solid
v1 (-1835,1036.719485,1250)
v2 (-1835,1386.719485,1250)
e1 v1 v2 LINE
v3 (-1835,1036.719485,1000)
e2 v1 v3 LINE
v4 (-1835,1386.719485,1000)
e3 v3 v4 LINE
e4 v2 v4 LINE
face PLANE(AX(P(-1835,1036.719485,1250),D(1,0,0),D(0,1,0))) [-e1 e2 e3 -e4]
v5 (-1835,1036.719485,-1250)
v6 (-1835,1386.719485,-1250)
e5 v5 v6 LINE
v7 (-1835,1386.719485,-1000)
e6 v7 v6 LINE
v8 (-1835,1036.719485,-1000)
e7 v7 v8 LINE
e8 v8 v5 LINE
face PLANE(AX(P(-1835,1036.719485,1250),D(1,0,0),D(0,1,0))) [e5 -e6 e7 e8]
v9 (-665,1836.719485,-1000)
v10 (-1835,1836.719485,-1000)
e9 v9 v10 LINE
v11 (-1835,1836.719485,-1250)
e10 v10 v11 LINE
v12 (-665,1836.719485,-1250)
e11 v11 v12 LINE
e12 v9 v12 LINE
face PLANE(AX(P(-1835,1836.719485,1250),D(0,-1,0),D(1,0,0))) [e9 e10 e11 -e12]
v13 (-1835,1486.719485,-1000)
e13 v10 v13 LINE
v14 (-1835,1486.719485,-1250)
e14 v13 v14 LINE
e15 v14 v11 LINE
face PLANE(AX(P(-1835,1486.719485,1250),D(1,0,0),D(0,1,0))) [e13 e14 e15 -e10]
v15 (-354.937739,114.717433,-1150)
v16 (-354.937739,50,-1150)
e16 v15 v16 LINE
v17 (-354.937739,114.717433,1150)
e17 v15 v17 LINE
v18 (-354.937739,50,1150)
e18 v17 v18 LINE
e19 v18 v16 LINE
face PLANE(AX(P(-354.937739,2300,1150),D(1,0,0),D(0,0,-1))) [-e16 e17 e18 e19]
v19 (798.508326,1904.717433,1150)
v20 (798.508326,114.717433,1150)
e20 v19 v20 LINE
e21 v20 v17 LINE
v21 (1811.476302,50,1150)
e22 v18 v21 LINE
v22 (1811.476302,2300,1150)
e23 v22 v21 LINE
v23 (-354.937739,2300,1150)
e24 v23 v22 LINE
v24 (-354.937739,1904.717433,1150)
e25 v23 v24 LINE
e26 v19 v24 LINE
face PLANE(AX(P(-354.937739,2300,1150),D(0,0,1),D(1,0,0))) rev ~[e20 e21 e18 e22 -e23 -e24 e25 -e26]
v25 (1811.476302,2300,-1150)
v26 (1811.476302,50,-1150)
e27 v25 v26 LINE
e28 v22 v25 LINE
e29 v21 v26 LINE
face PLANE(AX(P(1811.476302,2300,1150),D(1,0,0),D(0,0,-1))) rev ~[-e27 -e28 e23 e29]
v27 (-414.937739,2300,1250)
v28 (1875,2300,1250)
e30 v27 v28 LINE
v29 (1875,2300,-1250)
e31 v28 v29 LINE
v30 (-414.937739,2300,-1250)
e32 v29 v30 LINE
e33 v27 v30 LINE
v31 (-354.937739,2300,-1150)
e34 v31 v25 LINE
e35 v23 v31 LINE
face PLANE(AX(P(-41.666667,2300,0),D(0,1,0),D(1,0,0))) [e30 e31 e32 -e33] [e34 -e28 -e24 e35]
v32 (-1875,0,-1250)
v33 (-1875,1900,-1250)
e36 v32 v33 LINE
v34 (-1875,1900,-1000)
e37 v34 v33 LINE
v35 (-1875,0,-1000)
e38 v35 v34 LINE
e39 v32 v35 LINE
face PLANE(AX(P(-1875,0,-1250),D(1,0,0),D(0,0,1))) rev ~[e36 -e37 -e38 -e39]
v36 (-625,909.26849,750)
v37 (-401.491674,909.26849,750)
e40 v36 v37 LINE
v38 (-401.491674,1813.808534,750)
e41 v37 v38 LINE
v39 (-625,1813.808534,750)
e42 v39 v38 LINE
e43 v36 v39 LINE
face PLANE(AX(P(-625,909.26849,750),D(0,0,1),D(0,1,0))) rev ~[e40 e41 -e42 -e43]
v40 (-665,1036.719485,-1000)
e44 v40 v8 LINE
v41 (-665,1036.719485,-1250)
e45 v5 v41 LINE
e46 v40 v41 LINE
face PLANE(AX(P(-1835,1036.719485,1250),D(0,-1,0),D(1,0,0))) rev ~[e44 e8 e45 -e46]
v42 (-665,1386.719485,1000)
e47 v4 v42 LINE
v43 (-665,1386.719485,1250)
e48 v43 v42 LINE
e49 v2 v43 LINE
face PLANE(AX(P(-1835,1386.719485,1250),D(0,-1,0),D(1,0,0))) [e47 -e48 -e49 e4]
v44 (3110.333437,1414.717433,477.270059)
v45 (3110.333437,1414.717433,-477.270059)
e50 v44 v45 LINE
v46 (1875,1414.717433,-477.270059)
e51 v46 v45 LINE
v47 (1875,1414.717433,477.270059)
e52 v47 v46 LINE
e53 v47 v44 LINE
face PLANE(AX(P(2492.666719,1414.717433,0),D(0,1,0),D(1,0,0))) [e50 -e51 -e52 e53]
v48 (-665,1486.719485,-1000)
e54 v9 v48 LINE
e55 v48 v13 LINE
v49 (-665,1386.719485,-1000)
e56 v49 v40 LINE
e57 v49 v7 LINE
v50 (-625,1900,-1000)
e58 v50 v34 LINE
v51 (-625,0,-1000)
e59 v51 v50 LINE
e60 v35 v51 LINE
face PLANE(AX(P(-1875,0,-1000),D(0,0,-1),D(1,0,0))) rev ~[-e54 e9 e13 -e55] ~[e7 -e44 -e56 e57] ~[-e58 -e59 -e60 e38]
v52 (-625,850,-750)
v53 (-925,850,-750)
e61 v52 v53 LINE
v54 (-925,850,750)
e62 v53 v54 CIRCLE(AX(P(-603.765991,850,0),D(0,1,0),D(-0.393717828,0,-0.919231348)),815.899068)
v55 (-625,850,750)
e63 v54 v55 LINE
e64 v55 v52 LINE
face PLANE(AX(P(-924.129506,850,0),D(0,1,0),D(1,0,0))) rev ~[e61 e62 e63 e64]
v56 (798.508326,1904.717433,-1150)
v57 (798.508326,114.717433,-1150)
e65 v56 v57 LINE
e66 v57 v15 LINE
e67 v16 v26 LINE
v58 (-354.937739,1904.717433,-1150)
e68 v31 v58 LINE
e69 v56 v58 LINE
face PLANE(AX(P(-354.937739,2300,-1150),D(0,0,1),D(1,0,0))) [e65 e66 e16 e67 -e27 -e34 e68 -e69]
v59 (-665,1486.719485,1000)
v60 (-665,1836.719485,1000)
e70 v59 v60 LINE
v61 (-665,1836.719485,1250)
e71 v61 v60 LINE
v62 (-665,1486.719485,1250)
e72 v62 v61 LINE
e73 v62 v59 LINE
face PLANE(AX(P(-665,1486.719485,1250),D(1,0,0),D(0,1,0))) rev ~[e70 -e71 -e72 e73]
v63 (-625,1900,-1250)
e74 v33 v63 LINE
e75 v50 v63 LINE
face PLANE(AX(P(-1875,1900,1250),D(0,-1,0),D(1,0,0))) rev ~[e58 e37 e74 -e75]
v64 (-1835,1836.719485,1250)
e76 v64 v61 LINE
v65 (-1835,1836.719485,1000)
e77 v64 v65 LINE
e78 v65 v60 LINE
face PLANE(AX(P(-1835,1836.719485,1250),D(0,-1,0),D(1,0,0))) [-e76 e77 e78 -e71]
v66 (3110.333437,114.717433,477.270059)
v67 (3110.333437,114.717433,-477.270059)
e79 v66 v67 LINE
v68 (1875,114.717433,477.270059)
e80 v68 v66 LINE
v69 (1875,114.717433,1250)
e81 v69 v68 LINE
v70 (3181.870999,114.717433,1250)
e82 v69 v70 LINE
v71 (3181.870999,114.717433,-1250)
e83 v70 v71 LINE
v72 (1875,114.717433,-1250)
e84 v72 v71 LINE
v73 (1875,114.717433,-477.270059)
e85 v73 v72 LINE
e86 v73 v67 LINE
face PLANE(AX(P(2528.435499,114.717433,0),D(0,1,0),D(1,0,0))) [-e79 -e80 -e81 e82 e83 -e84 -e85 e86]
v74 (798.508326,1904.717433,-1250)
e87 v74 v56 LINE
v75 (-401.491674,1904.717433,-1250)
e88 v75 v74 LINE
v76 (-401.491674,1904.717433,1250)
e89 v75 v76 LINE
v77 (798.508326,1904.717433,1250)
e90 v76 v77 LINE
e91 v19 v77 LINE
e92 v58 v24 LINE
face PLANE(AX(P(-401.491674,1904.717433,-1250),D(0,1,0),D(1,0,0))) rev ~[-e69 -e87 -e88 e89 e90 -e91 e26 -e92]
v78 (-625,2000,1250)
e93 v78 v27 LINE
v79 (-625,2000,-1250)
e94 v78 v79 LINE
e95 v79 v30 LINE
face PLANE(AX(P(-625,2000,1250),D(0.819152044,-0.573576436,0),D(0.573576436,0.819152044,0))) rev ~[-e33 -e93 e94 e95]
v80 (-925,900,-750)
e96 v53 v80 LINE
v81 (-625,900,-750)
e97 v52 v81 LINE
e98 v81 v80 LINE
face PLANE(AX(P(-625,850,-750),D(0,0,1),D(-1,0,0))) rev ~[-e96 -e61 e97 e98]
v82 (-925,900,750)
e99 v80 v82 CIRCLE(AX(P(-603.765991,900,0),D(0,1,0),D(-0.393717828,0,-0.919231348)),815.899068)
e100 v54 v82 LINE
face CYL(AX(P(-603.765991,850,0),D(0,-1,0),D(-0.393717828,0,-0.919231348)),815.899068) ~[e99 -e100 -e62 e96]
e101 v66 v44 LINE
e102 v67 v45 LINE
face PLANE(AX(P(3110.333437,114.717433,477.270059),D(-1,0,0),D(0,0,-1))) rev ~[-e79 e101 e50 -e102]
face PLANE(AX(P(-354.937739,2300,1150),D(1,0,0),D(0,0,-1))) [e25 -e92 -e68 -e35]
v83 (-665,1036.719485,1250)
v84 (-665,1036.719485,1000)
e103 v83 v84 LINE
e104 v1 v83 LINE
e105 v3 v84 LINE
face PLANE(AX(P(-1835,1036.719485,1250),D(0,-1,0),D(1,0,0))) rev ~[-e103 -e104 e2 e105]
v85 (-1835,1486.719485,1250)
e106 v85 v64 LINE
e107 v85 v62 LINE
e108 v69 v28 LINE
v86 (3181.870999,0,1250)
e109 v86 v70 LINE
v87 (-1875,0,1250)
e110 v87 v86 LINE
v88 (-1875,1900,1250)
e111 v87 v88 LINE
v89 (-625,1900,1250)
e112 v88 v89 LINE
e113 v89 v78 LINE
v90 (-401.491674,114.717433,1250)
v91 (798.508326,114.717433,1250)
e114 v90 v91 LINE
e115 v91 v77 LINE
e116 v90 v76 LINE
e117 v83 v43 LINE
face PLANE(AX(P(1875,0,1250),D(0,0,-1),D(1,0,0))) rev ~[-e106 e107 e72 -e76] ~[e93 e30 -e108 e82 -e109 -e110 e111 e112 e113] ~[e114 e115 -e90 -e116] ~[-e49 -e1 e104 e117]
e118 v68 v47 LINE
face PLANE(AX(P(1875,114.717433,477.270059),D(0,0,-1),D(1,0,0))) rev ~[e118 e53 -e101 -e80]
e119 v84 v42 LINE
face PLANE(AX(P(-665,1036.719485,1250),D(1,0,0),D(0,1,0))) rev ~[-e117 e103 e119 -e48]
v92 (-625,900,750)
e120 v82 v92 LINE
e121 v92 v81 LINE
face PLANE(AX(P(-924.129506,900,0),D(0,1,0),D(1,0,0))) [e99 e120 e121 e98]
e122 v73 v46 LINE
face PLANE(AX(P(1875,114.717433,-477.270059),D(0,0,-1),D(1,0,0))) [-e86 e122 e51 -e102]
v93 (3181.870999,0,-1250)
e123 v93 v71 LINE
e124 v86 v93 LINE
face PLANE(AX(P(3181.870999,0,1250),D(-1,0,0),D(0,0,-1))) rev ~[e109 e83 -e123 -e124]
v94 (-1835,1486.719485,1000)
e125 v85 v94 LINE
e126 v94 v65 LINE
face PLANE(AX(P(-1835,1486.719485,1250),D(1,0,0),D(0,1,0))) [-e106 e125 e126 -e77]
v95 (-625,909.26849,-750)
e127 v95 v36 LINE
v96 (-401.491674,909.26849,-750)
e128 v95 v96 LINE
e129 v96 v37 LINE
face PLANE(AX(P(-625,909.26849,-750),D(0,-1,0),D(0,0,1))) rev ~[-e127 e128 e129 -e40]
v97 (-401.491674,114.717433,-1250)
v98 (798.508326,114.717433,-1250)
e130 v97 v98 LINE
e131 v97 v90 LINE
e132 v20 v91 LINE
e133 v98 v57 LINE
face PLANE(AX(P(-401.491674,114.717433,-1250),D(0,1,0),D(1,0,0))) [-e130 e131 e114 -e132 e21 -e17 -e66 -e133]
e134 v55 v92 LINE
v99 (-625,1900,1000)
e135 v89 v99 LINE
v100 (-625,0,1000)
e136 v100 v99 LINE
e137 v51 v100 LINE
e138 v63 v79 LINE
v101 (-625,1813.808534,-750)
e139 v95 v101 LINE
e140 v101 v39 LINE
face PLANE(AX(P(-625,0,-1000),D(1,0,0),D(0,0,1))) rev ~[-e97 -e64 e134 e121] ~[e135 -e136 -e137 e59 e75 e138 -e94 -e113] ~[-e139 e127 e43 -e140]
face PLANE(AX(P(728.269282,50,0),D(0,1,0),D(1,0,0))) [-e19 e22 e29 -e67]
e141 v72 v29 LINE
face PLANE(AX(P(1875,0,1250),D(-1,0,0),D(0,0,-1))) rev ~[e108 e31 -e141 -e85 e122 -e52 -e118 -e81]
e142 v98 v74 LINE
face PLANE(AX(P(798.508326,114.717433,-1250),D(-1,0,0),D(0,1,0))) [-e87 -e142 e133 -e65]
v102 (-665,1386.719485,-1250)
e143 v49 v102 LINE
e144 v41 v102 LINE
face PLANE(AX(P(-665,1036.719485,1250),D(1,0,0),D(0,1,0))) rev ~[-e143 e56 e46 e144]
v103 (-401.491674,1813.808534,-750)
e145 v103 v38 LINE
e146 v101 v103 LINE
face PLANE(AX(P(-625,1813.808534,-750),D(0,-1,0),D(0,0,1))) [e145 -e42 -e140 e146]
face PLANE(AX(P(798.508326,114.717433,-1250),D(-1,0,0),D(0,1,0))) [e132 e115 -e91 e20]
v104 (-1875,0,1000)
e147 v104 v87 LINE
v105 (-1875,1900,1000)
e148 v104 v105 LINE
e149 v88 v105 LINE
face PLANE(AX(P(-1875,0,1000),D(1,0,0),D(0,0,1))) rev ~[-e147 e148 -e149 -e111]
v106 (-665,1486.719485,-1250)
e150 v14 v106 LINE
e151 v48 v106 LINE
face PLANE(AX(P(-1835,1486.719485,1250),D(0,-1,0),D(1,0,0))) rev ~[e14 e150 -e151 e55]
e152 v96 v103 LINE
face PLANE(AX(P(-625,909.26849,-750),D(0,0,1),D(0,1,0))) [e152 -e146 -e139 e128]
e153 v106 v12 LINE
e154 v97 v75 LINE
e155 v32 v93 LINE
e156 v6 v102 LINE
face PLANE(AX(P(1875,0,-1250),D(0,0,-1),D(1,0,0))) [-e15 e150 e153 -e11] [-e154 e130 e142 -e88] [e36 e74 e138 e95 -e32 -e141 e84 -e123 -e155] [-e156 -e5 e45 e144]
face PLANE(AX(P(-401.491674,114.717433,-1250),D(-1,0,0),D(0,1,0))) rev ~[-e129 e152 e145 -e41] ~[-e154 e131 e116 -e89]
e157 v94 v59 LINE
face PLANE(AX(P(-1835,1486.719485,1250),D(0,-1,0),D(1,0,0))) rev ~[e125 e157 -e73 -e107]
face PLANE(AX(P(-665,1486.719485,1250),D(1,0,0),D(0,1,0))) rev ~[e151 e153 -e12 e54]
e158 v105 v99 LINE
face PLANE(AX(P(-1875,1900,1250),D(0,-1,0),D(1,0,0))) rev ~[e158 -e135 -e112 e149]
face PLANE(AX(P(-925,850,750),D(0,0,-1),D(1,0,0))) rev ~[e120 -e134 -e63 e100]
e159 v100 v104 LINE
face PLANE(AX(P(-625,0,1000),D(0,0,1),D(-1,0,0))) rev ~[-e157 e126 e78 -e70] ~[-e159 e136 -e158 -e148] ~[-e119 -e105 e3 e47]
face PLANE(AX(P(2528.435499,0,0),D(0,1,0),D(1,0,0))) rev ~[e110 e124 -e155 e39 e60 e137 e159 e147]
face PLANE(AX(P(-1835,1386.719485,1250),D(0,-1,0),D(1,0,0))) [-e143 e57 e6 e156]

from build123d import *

# Parameters (mm, degrees)
SALIENTE_EXTRUIR1_DEPTH = 2300
CROQUIS2_W              = 1250
CROQUIS2_H              = 400
CORTAR_EXTRUIR1_DEPTH   = 2500
CORTAR_EXTRUIR2_DEPTH   = 2500
CROQUIS4_W              = 2166.414041003
CROQUIS4_H              = 2300
CORTAR_EXTRUIR3_DEPTH   = 2250
CROQUIS5_W              = 1170
CROQUIS5_H              = 350
CORTAR_EXTRUIR4_DEPTH   = 2500
MATRIZL1_COUNT          = 2
MATRIZL1_PITCH          = 450
CORTAR_EXTRUIR5_START   = -2500
CROQUIS7_W              = 1200
CROQUIS7_H              = 1790
CORTAR_EXTRUIR5_DEPTH   = 2500
CROQUIS8_W              = 1306.870998869
CROQUIS8_H              = 2500
SALIENTE_EXTRUIR2_DEPTH = 114.717432506
CROQUIS9_W              = 1235.333437109
CROQUIS9_H              = 954.540118574
SALIENTE_EXTRUIR3_DEPTH = 1300
SALIENTE_EXTRUIR4_DEPTH = 50
CROQUIS11_W             = 1500
CROQUIS11_H             = 904.540044025
CORTAR_EXTRUIR6_DEPTH   = 223.508326288


with BuildPart() as part:
    # Croquis1 → Saliente-Extruir1 (new body)
    with BuildSketch(Plane(origin=(0, 0, 0), x_dir=(1, 0, 0), z_dir=(0, 1, 0))):
        Polygon((-1875, 1000), (-625, 1000), (-625, -1000), (-1875, -1000), (-1875, -1250), (1875, -1250), (1875, 1250), (-1875, 1250), align=None)
    extrude(amount=SALIENTE_EXTRUIR1_DEPTH)

    # Croquis2 → Cortar-Extruir1 (cut)
    with BuildSketch(Plane.XY.offset(1250)):
        with Locations((-1250, 2100)):
            Rectangle(CROQUIS2_W, CROQUIS2_H)
    extrude(amount=-CORTAR_EXTRUIR1_DEPTH, mode=Mode.SUBTRACT)

    # Croquis3 → Cortar-Extruir2 (cut)
    with BuildSketch(Plane.XY.offset(1250)):
        Polygon((-625, 2000), (-414.937738537, 2300), (-625, 2300), align=None)
    extrude(amount=-CORTAR_EXTRUIR2_DEPTH, mode=Mode.SUBTRACT)

    # Croquis4 → Cortar-Extruir3 (cut)
    with BuildSketch(Plane(origin=(0, 2300, 0), x_dir=(1, 0, 0), z_dir=(0, 1, 0))):
        with Locations((728.269281965, 0)):
            Rectangle(CROQUIS4_W, CROQUIS4_H)
    extrude(amount=-CORTAR_EXTRUIR3_DEPTH, mode=Mode.SUBTRACT)

    # Croquis5 → Cortar-Extruir4 (cut)
    with BuildSketch(Plane.XY.offset(1250)):
        with Locations((-1250, 1661.719484632)):
            Rectangle(CROQUIS5_W, CROQUIS5_H)
    cortar_extruir4 = extrude(amount=-CORTAR_EXTRUIR4_DEPTH, mode=Mode.SUBTRACT)

    # MatrizL1: Cortar-Extruir4 ×2
    with Locations(*[(0, -i * MATRIZL1_PITCH, 0) for i in range(1, MATRIZL1_COUNT)]):
        add(cortar_extruir4, mode=Mode.SUBTRACT)

    # Croquis7 → Cortar-Extruir5 (cut)
    with BuildSketch(Plane.XY.offset(1250).offset(CORTAR_EXTRUIR5_START)):
        with Locations((198.508326288, 1009.717432506)):
            Rectangle(CROQUIS7_W, CROQUIS7_H)
    extrude(amount=CORTAR_EXTRUIR5_DEPTH, mode=Mode.SUBTRACT)

    # Croquis8 → Saliente-Extruir2 (add)
    with BuildSketch(Plane(origin=(0, 0, 0), x_dir=(1, 0, 0), z_dir=(0, 1, 0))):
        with Locations((2528.435499435, 0)):
            Rectangle(CROQUIS8_W, CROQUIS8_H)
    extrude(amount=SALIENTE_EXTRUIR2_DEPTH)

    # Croquis9 → Saliente-Extruir3 (add)
    with BuildSketch(Plane(origin=(0, 114.717432506, 0), x_dir=(1, 0, 0), z_dir=(0, 1, 0))):
        with Locations((2492.666718555, 0)):
            Rectangle(CROQUIS9_W, CROQUIS9_H)
    extrude(amount=SALIENTE_EXTRUIR3_DEPTH)

    # Croquis10 → Saliente-Extruir4 (add)
    with BuildSketch(Plane(origin=(0, 850, 0), x_dir=(1, 0, 0), z_dir=(0, 1, 0))):
        with BuildLine():
            Line((-625, 750), (-925, 750))
            ThreePointArc((-925, 750), (-1419.665058633, 0), (-925, -750))
            Line((-925, -750), (-625, -750))
            Line((-625, -750), (-625, 750))
        make_face()
    extrude(amount=SALIENTE_EXTRUIR4_DEPTH)

    # Croquis11 → Cortar-Extruir6 (cut)
    with BuildSketch(Plane.ZY.offset(625)):
        with Locations((0, 1361.538512049)):
            Rectangle(CROQUIS11_W, CROQUIS11_H)
    extrude(amount=-CORTAR_EXTRUIR6_DEPTH, mode=Mode.SUBTRACT)


solid = part.part
